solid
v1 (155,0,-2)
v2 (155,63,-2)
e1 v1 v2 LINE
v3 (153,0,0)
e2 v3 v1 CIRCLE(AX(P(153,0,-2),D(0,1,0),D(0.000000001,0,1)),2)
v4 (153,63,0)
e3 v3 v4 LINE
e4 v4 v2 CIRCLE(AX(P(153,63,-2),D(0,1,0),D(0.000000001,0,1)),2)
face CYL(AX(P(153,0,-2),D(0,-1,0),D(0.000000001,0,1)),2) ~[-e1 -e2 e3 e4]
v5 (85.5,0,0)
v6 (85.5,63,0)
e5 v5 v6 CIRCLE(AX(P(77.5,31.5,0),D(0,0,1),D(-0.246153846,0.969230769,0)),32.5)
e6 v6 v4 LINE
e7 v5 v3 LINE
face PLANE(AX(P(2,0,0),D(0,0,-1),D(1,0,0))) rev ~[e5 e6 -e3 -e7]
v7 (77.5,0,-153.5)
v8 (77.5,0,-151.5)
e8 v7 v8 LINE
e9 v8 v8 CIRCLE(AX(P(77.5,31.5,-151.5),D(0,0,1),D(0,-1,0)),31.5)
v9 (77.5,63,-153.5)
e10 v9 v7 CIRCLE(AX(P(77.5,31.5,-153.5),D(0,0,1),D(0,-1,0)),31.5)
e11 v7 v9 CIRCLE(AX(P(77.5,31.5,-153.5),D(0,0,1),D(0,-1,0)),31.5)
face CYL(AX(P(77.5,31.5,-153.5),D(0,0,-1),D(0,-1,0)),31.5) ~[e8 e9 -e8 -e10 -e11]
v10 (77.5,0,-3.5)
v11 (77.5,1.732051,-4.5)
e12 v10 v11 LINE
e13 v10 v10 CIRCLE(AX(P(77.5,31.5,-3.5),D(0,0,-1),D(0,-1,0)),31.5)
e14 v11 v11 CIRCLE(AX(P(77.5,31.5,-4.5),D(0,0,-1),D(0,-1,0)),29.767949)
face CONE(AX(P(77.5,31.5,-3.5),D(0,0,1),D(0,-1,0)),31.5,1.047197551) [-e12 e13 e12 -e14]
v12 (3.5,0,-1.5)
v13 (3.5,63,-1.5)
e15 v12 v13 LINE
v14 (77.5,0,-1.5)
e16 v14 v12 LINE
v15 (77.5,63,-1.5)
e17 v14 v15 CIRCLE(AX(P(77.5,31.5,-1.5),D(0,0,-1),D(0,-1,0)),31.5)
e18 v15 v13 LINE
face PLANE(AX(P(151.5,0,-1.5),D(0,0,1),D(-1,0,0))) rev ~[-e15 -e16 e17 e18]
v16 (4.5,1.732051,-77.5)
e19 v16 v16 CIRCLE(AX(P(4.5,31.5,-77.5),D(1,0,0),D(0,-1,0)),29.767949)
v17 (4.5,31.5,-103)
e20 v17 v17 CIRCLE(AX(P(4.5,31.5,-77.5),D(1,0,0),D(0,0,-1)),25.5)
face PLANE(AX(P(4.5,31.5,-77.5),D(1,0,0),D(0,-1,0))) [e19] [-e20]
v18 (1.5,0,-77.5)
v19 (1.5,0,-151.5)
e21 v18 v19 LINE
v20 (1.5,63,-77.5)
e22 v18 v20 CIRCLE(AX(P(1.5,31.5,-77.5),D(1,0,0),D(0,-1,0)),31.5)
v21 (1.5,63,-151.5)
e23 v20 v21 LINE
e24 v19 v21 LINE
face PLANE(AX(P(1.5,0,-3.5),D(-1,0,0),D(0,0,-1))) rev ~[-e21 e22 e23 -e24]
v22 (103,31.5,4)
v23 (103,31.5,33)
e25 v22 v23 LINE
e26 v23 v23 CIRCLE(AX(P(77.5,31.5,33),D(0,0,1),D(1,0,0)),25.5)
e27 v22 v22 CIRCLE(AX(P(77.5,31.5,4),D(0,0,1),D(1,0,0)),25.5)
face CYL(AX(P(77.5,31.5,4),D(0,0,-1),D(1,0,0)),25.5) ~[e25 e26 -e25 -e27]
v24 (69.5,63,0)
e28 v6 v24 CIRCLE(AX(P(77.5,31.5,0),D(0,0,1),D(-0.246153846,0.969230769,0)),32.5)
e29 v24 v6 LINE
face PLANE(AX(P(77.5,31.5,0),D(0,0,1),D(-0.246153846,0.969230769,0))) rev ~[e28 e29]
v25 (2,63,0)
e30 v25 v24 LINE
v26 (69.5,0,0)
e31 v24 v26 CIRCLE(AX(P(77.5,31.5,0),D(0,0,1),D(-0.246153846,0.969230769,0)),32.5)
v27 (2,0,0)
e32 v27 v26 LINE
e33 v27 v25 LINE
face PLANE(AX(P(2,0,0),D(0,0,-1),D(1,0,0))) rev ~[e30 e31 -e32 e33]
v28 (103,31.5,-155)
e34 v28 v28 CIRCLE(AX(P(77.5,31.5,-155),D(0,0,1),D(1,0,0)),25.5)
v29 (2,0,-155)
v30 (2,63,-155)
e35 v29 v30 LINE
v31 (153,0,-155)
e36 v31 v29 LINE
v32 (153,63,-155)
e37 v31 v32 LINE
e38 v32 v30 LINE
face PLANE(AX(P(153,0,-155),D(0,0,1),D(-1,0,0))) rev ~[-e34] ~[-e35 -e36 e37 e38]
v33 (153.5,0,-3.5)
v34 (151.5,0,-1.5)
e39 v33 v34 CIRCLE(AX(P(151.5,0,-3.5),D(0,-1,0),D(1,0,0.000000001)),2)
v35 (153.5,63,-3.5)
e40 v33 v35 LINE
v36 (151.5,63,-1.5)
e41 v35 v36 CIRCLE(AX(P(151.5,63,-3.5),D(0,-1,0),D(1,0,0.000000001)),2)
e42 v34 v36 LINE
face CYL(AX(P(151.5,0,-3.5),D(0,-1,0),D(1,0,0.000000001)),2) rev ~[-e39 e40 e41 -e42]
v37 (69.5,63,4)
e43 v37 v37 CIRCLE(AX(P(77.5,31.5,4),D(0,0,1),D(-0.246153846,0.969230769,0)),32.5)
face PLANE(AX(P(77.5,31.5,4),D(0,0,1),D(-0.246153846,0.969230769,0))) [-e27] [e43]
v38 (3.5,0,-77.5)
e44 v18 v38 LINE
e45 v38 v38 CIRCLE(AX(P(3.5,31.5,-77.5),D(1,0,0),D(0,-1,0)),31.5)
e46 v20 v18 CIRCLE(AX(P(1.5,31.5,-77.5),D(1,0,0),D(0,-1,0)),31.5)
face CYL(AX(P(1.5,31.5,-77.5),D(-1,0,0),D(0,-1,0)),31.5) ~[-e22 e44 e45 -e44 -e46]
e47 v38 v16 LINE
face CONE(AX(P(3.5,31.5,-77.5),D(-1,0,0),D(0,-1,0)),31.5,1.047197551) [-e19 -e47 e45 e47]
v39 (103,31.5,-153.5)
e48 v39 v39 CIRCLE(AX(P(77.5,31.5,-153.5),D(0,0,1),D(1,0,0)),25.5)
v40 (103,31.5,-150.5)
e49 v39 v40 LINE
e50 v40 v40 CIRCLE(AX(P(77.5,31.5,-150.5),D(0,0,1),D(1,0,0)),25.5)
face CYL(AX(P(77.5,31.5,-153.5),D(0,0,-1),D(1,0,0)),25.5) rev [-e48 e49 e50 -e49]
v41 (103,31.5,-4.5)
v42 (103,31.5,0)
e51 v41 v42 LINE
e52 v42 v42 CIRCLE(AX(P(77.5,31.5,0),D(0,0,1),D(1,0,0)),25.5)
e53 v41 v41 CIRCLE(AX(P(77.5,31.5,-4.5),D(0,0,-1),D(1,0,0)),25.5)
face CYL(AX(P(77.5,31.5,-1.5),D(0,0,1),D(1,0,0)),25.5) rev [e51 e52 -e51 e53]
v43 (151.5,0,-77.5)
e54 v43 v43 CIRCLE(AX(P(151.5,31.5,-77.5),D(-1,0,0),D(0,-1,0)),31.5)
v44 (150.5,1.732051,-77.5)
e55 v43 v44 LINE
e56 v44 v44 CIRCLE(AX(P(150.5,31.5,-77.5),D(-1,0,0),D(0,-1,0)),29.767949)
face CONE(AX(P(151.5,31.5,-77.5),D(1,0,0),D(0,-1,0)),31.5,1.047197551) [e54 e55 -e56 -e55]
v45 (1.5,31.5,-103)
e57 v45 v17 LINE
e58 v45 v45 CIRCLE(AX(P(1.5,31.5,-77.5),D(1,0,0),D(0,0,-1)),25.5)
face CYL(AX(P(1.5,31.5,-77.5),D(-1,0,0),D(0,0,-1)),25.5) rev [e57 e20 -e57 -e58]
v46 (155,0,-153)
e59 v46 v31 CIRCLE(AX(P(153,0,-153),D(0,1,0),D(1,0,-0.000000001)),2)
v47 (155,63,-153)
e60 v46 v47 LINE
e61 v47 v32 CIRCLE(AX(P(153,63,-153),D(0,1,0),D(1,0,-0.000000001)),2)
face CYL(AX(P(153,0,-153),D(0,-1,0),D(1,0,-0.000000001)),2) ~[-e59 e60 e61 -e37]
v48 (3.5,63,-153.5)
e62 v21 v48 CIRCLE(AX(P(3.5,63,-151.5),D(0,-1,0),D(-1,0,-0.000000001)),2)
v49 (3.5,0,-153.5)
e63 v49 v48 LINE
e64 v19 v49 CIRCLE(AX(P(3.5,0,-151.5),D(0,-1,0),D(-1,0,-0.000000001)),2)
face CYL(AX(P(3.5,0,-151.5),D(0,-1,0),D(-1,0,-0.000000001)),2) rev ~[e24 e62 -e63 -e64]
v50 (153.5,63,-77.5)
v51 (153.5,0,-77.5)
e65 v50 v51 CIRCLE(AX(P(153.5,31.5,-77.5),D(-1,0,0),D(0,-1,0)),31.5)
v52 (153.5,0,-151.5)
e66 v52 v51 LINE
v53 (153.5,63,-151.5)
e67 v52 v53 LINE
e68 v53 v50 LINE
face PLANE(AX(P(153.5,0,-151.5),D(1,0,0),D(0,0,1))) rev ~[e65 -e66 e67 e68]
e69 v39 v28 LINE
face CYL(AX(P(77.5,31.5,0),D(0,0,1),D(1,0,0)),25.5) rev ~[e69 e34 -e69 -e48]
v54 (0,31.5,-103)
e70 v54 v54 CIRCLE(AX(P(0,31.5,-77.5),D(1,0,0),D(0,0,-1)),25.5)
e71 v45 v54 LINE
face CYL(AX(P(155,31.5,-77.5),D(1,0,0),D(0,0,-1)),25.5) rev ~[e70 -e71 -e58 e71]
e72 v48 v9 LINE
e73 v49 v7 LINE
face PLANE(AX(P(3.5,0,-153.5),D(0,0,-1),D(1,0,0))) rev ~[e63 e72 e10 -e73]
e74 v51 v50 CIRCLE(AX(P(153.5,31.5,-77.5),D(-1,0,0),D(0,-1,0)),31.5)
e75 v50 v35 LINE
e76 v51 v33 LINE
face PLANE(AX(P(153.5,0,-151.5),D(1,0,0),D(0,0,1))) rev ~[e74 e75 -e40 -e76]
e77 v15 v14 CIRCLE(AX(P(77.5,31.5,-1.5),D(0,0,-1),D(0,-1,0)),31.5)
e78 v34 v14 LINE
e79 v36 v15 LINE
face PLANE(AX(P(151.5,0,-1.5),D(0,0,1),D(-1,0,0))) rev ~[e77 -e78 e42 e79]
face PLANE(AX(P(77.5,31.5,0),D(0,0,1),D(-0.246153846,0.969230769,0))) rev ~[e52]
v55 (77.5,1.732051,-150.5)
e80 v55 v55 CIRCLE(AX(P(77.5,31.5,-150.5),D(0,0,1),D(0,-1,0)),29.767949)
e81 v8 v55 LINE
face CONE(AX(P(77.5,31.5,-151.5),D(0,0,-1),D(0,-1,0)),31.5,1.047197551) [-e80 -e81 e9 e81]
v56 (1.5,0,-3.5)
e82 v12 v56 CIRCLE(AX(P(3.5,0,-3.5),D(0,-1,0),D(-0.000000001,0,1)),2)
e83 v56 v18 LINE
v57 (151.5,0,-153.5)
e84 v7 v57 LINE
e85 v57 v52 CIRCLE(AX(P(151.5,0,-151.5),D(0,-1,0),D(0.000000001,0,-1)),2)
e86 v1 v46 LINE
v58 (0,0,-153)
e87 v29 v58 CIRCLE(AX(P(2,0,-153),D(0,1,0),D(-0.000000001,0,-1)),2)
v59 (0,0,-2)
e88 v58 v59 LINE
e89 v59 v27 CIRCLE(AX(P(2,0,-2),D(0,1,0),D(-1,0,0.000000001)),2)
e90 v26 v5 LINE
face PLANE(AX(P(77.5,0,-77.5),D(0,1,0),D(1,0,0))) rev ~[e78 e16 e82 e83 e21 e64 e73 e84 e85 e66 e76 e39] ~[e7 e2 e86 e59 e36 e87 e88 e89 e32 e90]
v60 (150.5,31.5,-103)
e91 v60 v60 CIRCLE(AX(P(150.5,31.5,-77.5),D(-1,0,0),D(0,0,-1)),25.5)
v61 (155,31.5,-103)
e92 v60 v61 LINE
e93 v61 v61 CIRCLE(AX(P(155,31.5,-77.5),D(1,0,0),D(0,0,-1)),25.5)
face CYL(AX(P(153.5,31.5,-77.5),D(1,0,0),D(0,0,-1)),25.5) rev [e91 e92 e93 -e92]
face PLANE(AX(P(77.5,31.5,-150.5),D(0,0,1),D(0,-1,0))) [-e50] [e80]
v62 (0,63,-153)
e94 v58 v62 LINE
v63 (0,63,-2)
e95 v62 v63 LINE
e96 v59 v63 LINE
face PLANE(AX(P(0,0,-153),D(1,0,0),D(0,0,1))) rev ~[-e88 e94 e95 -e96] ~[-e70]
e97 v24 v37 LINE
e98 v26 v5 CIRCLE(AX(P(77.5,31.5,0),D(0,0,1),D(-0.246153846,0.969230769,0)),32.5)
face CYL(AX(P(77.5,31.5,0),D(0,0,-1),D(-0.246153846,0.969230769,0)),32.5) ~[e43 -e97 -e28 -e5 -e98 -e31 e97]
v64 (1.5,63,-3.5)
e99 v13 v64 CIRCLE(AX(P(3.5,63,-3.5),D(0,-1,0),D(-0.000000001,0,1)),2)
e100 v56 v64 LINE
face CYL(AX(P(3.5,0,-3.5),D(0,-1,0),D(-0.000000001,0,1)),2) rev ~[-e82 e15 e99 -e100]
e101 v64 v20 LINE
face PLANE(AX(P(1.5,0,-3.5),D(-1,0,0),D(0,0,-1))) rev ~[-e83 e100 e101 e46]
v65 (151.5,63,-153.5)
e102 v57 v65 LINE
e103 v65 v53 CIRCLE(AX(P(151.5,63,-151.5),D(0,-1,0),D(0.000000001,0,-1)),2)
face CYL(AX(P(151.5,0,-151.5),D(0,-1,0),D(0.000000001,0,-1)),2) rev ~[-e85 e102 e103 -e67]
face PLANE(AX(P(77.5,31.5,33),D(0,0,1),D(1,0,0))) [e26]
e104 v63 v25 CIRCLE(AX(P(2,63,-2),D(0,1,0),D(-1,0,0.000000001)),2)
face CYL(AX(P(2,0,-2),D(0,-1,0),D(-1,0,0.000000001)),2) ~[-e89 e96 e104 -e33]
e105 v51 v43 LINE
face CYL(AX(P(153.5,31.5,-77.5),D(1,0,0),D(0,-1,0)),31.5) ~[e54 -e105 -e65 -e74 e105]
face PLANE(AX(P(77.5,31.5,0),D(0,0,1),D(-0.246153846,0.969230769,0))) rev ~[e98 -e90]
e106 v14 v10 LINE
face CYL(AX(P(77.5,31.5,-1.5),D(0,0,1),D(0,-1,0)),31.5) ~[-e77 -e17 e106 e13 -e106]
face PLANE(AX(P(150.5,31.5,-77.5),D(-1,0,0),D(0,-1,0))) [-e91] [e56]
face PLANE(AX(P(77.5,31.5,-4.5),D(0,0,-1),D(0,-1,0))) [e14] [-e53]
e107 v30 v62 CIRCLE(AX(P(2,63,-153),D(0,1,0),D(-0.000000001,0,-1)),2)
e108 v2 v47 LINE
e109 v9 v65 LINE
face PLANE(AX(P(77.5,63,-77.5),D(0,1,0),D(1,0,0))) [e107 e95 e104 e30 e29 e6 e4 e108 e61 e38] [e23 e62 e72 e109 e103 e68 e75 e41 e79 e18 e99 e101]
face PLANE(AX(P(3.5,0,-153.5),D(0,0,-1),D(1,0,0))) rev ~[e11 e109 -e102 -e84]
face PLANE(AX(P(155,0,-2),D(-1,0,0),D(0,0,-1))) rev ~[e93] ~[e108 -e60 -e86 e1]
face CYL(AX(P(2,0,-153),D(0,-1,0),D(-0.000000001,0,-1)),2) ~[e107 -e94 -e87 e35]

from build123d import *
from OCP.BRepFilletAPI import BRepFilletAPI_MakeChamfer

# Parameters (mm, degrees)
EXTRUDE_1_DEPTH     = 63
CUT_EXTRUDE_1_REACH = 230.077
SKETCH_2_R          = 25.5
CUT_EXTRUDE_2_REACH = 230.077
SKETCH_3_R          = 25.5
SKETCH_4_R          = 31.5
SKETCH_4_R_2        = 25.5
EXTRUDE_1_2_DEPTH   = 3
CHAMFER_1_SIZE      = 1
CHAMFER_1_SIZE2     = 1.732050808
SKETCH_5_R          = 31.5
SKETCH_5_R_2        = 25.5
EXTRUDE_4_DEPTH     = 3
CHAMFER_2_SIZE      = 1
CHAMFER_2_SIZE2     = 1.732050808
SKETCH_7_R          = 31.5
SKETCH_7_R_2        = 25.5
EXTRUDE_5_DEPTH     = 3
SKETCH_8_R          = 31.5
SKETCH_8_R_2        = 25.5
EXTRUDE_6_DEPTH     = 3
CHAMFER_3_SIZE      = 1
CHAMFER_3_SIZE2     = 1.732050808
SKETCH_9_R          = 32.5
EXTRUDE_7_DEPTH     = 4
SKETCH_10_R         = 25.5
EXTRUDE_8_DEPTH     = 29


with BuildPart() as part:
    # Эскиз1 → Extrude 1 (new body)
    with BuildSketch(Plane(origin=(0, 0, 0), x_dir=(1, 0, 0), z_dir=(0, 1, 0))):
        with BuildLine():
            Line((2, 0), (153, 0))
            ThreePointArc((153, 0), (154.414213562, 0.585786438), (155, 2))
            Line((155, 2), (155, 153))
            ThreePointArc((155, 153), (154.414213562, 154.414213562), (153, 155))
            Line((153, 155), (2, 155))
            ThreePointArc((2, 155), (0.585786438, 154.414213562), (0, 153))
            Line((0, 153), (0, 2))
            ThreePointArc((0, 2), (0.585786438, 0.585786438), (2, 0))
        make_face()
        with BuildLine():
            Line((3.5, 153.5), (151.5, 153.5))
            ThreePointArc((151.5, 153.5), (152.914213562, 152.914213562), (153.5, 151.5))
            Line((153.5, 151.5), (153.5, 3.5))
            ThreePointArc((153.5, 3.5), (152.914213562, 2.085786438), (151.5, 1.5))
            Line((151.5, 1.5), (3.5, 1.5))
            ThreePointArc((3.5, 1.5), (2.085786438, 2.085786438), (1.5, 3.5))
            Line((1.5, 3.5), (1.5, 151.5))
            ThreePointArc((1.5, 151.5), (2.085786438, 152.914213562), (3.5, 153.5))
        make_face(mode=Mode.SUBTRACT)
    extrude(amount=EXTRUDE_1_DEPTH)

    # Вырез-Вытянуть1: up to this face of the body (flat: up to its plane)
    cut_extrude_1_end = Plane(part.part.faces().sort_by_distance((77.5, 31.5, -155))[0])
    # Эскиз2 → Вырез-Вытянуть1 (cut, up to the picked face)
    with BuildSketch(Plane.XY, mode=Mode.PRIVATE) as cut_extrude_1_sk1:
        with Locations((77.5, 31.5)):
            Circle(SKETCH_2_R)
    cut_extrude_1_tool1 = split(extrude(cut_extrude_1_sk1.sketch, amount=-CUT_EXTRUDE_1_REACH, mode=Mode.PRIVATE), bisect_by=cut_extrude_1_end, keep=Keep.BOTH, mode=Mode.PRIVATE)
    add(cut_extrude_1_tool1.solids().sort_by(Axis((77.5, 31.5, 0), (0, 0, -1)))[0], mode=Mode.SUBTRACT)

    # Вырез-Вытянуть2: up to this face of the body (flat: up to its plane)
    cut_extrude_2_end = Plane(part.part.faces().sort_by_distance((0, 31.5, -77.5))[0])
    # Эскиз3 → Вырез-Вытянуть2 (cut, up to the picked face)
    with BuildSketch(Plane(origin=(155, 0, 0), x_dir=(0, 0, -1), z_dir=(1, 0, 0)), mode=Mode.PRIVATE) as cut_extrude_2_sk1:
        with Locations((77.5, 31.5)):
            Circle(SKETCH_3_R)
    cut_extrude_2_tool1 = split(extrude(cut_extrude_2_sk1.sketch, amount=-CUT_EXTRUDE_2_REACH, mode=Mode.PRIVATE), bisect_by=cut_extrude_2_end, keep=Keep.BOTH, mode=Mode.PRIVATE)
    add(cut_extrude_2_tool1.solids().sort_by(Axis((155, 31.5, -77.5), (-1, 0, 0)))[0], mode=Mode.SUBTRACT)

    # Эскиз4 → Extrude 1 2 (add)
    with BuildSketch(Plane(origin=(0, 0, -1.5), x_dir=(-1, 0, 0), z_dir=(0, 0, -1))):
        with Locations(Location((-77.5, 31.5, 0), (0, 0, 270))):
            Circle(SKETCH_4_R)
        with Locations(Location((-77.5, 31.5, 0), (0, 0, 180))):
            Circle(SKETCH_4_R_2, mode=Mode.SUBTRACT)
    extrude(amount=EXTRUDE_1_2_DEPTH)

    # Фаска1 шайба
    chamfer_1_edges = [part.edges().sort_by_distance(p)[0] for p in [
        (77.5, 63, -4.5),
    ]]
    chamfer_1_side = [part.faces().sort_by_distance(p)[0] for p in [
        (77.5, 63, -3),
    ]]
    chamfer(chamfer_1_edges, length=CHAMFER_1_SIZE, length2=CHAMFER_1_SIZE2, reference=chamfer_1_side[0])

    # Эскиз5 → Бобышка-Вытянуть4 (add)
    with BuildSketch(Plane(origin=(1.5, 0, 0), x_dir=(0, 0, -1), z_dir=(1, 0, 0))):
        with Locations(Location((77.5, 31.5, 0), (0, 0, 270))):
            Circle(SKETCH_5_R)
        with Locations((77.5, 31.5)):
            Circle(SKETCH_5_R_2, mode=Mode.SUBTRACT)
    extrude(amount=EXTRUDE_4_DEPTH)

    # Фаска2
    chamfer_2_edges = [part.edges().sort_by_distance(p)[0] for p in [
        (4.5, 63, -77.5),
    ]]
    chamfer_2_side = [part.faces().sort_by_distance(p)[0] for p in [
        (3, 63, -77.5),
    ]]
    chamfer(chamfer_2_edges, length=CHAMFER_2_SIZE, length2=CHAMFER_2_SIZE2, reference=chamfer_2_side[0])

    # Эскиз7 → Бобышка-Вытянуть5 (add)
    with BuildSketch(Plane.XY.offset(-153.5)):
        with Locations(Location((77.5, 31.5, 0), (0, 0, 270))):
            Circle(SKETCH_7_R)
        with Locations((77.5, 31.5)):
            Circle(SKETCH_7_R_2, mode=Mode.SUBTRACT)
    extrude(amount=EXTRUDE_5_DEPTH)

    # Эскиз8 → Бобышка-Вытянуть6 (add)
    with BuildSketch(Plane.ZY.offset(-153.5)):
        with Locations(Location((-77.5, 31.5, 0), (0, 0, 270))):
            Circle(SKETCH_8_R)
        with Locations(Location((-77.5, 31.5, 0), (0, 0, 180))):
            Circle(SKETCH_8_R_2, mode=Mode.SUBTRACT)
    extrude(amount=EXTRUDE_6_DEPTH)

    # Фаска3: one chamfer whose edges measure the first distance from different faces: ONE call of the kernel's chamfer builder (chamfer() names one face for all edges)
    chamfer_3_edges_1 = [part.edges().sort_by_distance(p)[0] for p in [
        (150.5, 63, -77.5),
    ]]
    chamfer_3_side_1 = [part.faces().sort_by_distance(p)[0] for p in [
        (152, 63, -77.5),
    ]]
    chamfer_3_edges_2 = [part.edges().sort_by_distance(p)[0] for p in [
        (77.5, 63, -150.5),
    ]]
    chamfer_3_side_2 = [part.faces().sort_by_distance(p)[0] for p in [
        (77.5, 63, -152),
    ]]
    chamfer_3 = BRepFilletAPI_MakeChamfer(part.part.solid().wrapped)
    for e in chamfer_3_edges_1:
        chamfer_3.Add(CHAMFER_3_SIZE, CHAMFER_3_SIZE2, e.wrapped, chamfer_3_side_1[0].wrapped)  # the first distance lies on this face
    for e in chamfer_3_edges_2:
        chamfer_3.Add(CHAMFER_3_SIZE, CHAMFER_3_SIZE2, e.wrapped, chamfer_3_side_2[0].wrapped)  # the first distance lies on this face
    add(Compound.cast(chamfer_3.Shape()), mode=Mode.REPLACE)

    # Эскиз9 → Бобышка-Вытянуть7 (add)
    with BuildSketch(Plane.XY):
        with Locations(Location((77.5, 31.5, 0), (0, 0, 104.250032698))):
            Circle(SKETCH_9_R)
    extrude(amount=EXTRUDE_7_DEPTH)

    # Эскиз10 → Бобышка-Вытянуть8 (add)
    with BuildSketch(Plane.XY.offset(4)):
        with Locations((77.5, 31.5)):
            Circle(SKETCH_10_R)
    extrude(amount=EXTRUDE_8_DEPTH)


solid = part.part
